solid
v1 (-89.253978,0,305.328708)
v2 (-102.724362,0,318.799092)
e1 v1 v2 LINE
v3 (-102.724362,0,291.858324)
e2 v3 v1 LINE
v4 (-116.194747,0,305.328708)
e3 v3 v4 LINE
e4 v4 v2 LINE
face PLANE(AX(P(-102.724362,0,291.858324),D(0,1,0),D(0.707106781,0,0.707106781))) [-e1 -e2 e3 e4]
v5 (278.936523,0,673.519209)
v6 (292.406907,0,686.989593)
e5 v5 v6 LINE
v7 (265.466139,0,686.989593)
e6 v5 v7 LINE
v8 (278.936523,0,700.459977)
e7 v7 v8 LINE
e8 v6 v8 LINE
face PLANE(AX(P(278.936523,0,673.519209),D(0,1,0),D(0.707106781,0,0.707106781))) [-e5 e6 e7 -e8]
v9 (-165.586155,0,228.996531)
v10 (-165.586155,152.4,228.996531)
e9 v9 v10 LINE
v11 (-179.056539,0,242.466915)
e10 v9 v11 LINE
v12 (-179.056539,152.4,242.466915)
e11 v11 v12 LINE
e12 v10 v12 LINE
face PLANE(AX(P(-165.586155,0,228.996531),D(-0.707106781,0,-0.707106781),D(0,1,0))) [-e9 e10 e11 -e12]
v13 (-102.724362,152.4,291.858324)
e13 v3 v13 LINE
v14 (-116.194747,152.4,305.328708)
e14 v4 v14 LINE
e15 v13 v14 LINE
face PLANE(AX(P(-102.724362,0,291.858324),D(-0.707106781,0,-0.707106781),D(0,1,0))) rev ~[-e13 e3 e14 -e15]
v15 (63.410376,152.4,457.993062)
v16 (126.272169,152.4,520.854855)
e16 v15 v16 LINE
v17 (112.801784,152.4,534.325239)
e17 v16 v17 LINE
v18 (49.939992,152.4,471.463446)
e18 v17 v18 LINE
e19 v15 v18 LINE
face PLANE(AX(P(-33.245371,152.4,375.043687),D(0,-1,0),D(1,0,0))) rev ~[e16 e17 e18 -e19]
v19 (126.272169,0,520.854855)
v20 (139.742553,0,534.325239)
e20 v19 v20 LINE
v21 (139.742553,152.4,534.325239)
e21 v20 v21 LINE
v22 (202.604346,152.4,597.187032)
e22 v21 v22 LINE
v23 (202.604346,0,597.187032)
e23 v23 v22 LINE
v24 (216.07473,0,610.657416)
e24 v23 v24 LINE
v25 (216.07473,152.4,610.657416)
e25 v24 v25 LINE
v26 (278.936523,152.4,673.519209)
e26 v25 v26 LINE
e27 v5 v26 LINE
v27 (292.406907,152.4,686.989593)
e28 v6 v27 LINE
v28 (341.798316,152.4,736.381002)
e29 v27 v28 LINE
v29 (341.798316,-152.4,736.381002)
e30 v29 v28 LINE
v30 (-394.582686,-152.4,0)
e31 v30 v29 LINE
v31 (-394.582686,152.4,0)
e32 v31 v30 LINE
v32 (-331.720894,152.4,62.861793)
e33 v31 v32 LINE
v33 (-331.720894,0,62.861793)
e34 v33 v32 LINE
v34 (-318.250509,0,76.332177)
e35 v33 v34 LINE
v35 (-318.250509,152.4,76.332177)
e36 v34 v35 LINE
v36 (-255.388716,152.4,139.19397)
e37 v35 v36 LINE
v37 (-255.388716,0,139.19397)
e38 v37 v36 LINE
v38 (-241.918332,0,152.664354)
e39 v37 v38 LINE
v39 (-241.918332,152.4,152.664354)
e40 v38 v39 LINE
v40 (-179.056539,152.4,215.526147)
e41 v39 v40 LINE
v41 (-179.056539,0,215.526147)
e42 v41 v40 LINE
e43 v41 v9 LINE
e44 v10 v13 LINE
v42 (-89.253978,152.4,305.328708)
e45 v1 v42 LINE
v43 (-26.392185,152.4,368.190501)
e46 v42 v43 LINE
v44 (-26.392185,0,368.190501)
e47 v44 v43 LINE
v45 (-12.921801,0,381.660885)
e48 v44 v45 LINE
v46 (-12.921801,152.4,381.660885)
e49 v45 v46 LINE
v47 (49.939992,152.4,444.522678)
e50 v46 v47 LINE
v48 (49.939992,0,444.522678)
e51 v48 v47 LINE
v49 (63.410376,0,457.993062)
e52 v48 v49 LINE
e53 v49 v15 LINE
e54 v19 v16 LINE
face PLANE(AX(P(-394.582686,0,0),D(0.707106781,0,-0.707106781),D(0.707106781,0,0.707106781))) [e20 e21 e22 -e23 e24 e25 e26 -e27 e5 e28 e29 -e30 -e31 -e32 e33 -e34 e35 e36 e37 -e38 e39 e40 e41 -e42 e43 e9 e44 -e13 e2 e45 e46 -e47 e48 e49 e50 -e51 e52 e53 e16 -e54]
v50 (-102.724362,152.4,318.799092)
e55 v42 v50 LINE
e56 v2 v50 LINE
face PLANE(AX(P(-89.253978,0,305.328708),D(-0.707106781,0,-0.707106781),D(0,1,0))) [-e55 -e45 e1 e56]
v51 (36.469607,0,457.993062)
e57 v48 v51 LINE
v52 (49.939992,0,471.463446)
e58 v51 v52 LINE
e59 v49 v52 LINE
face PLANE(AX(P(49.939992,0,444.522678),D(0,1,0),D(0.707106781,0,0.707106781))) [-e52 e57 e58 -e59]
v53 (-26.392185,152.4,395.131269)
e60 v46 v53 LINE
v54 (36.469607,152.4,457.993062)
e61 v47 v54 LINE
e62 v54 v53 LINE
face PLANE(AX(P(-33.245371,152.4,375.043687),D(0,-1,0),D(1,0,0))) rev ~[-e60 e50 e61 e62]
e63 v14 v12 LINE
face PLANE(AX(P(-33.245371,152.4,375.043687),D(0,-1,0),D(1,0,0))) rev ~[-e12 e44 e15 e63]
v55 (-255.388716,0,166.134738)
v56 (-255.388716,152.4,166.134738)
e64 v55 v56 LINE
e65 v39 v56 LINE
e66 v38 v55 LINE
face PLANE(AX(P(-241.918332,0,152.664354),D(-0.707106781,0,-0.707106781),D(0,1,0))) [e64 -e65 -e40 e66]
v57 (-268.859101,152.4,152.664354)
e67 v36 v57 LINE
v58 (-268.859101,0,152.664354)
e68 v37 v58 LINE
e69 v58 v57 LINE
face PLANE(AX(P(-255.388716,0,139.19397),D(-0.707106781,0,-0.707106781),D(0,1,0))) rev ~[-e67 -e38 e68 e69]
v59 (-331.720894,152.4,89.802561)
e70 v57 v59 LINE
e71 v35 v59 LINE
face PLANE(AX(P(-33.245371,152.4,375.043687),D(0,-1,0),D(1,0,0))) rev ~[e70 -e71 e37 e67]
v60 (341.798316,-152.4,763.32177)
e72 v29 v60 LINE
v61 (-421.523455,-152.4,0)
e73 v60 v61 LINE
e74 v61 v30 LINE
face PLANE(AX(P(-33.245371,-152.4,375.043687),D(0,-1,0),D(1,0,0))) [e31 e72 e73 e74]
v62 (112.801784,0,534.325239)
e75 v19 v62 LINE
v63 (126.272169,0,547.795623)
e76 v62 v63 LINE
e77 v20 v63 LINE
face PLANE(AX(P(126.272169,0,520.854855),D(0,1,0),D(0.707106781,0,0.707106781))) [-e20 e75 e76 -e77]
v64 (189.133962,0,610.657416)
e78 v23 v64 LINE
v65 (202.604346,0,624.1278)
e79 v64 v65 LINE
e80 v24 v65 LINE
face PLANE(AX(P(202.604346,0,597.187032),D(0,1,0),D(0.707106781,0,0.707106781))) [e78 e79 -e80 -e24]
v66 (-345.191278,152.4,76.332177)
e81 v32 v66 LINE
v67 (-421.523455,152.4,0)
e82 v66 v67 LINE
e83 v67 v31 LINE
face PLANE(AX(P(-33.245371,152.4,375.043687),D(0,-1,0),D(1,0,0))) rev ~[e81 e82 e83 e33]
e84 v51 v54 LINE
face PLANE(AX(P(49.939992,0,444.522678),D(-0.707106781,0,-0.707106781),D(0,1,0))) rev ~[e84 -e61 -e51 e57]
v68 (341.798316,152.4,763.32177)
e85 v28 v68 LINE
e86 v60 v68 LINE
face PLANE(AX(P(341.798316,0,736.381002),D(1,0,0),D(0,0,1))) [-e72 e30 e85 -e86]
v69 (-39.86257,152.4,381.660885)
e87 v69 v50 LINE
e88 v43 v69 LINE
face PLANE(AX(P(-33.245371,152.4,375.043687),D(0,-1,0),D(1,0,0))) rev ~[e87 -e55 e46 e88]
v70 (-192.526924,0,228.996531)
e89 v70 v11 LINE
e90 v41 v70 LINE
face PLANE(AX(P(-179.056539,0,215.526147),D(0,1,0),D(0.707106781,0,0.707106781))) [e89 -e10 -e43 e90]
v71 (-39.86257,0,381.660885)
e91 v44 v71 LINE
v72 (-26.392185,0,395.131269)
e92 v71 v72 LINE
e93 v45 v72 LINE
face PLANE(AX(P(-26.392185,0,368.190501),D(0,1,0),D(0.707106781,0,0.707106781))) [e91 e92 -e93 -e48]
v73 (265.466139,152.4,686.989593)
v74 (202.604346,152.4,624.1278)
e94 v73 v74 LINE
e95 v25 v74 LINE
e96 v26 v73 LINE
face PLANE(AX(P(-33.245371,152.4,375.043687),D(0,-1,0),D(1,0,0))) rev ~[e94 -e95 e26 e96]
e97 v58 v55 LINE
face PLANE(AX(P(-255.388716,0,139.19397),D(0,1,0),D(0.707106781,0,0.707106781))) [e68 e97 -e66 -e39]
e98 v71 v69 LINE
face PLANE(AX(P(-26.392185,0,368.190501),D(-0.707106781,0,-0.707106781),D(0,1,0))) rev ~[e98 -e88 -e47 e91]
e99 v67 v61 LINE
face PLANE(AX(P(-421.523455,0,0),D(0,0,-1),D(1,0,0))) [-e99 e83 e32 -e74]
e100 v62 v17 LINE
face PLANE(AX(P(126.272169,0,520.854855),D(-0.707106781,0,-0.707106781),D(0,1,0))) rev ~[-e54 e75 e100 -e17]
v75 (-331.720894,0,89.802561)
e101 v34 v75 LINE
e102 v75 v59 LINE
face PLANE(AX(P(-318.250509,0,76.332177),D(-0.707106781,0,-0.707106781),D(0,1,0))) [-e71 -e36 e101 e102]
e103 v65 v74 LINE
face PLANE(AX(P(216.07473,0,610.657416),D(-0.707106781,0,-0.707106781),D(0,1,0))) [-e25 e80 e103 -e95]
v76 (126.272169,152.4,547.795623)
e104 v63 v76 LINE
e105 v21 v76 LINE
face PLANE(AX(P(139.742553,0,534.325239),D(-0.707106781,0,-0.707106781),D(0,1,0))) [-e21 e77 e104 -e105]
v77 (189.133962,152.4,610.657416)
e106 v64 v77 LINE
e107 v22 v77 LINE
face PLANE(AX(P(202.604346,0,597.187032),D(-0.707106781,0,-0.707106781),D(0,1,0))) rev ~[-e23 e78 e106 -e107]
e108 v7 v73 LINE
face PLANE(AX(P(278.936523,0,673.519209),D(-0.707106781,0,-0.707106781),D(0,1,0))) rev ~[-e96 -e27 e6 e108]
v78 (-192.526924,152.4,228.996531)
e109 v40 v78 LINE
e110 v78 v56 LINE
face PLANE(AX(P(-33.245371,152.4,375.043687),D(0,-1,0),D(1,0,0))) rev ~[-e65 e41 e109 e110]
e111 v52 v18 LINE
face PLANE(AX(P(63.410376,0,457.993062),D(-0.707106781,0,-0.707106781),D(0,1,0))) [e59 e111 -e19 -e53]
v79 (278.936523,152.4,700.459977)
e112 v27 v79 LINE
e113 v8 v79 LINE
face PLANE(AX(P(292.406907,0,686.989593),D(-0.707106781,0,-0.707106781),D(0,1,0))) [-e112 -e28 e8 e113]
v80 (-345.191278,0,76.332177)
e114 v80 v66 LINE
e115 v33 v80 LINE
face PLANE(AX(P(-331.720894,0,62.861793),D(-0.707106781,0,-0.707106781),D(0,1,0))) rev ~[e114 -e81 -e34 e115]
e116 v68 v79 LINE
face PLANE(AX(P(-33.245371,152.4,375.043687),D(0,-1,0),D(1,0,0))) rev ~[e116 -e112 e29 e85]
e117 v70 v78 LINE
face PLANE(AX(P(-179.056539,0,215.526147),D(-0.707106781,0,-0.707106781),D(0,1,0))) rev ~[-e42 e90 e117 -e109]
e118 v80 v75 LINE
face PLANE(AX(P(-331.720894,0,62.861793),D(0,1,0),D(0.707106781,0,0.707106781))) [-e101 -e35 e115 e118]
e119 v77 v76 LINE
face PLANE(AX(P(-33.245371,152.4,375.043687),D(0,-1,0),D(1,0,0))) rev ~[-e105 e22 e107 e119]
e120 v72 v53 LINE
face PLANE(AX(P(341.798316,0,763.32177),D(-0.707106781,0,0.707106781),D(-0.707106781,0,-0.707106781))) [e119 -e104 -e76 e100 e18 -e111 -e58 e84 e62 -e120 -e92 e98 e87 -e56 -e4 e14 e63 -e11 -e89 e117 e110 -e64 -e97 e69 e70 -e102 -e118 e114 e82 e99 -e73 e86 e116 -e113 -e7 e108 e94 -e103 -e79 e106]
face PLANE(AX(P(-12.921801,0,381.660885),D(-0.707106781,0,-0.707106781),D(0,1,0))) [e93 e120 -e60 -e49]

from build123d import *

# Parameters (mm, degrees)
F1_DEPTH = 152.4
F2_W     = 152.4
F2_H     = 19.05
F3_DEPTH = 19.05


with BuildPart() as f1:
    # F0 (on Front) → F1 (new body, symmetric)
    with BuildSketch(Plane.XZ):
        Polygon((341.7983155697, 763.3217702909), (-421.5234547212, 0), (-394.582686358, 0), (341.7983155697, 736.3810019277), align=None)
    extrude(amount=F1_DEPTH, both=True)

    # F2 (on face) → F3 (cut)
    with BuildSketch(Plane(origin=(-197.291343179, 0, 197.291343179), x_dir=(0, 1, 0), z_dir=(0.7071067812, 0, -0.7071067812))):
        with Locations((76.2, 683.0129067375)):
            Rectangle(F2_W, F2_H)
        with Locations((76.2, 575.0629067375)):
            Rectangle(F2_W, F2_H)
        with Locations((76.2, 467.1129067375)):
            Rectangle(F2_W, F2_H)
        with Locations((76.2, 359.1629067375)):
            Rectangle(F2_W, F2_H)
        with Locations((76.2, 251.2129067375)):
            Rectangle(F2_W, F2_H)
        with Locations((76.2, 143.2629067375)):
            Rectangle(F2_W, F2_H)
        with Locations((76.2, 35.3129067375)):
            Rectangle(F2_W, F2_H)
        with Locations((76.2, -72.6370932625)):
            Rectangle(F2_W, F2_H)
        with Locations((76.2, -180.5870932625)):
            Rectangle(F2_W, F2_H)
    extrude(amount=-F3_DEPTH, mode=Mode.SUBTRACT)


solid = f1.part
